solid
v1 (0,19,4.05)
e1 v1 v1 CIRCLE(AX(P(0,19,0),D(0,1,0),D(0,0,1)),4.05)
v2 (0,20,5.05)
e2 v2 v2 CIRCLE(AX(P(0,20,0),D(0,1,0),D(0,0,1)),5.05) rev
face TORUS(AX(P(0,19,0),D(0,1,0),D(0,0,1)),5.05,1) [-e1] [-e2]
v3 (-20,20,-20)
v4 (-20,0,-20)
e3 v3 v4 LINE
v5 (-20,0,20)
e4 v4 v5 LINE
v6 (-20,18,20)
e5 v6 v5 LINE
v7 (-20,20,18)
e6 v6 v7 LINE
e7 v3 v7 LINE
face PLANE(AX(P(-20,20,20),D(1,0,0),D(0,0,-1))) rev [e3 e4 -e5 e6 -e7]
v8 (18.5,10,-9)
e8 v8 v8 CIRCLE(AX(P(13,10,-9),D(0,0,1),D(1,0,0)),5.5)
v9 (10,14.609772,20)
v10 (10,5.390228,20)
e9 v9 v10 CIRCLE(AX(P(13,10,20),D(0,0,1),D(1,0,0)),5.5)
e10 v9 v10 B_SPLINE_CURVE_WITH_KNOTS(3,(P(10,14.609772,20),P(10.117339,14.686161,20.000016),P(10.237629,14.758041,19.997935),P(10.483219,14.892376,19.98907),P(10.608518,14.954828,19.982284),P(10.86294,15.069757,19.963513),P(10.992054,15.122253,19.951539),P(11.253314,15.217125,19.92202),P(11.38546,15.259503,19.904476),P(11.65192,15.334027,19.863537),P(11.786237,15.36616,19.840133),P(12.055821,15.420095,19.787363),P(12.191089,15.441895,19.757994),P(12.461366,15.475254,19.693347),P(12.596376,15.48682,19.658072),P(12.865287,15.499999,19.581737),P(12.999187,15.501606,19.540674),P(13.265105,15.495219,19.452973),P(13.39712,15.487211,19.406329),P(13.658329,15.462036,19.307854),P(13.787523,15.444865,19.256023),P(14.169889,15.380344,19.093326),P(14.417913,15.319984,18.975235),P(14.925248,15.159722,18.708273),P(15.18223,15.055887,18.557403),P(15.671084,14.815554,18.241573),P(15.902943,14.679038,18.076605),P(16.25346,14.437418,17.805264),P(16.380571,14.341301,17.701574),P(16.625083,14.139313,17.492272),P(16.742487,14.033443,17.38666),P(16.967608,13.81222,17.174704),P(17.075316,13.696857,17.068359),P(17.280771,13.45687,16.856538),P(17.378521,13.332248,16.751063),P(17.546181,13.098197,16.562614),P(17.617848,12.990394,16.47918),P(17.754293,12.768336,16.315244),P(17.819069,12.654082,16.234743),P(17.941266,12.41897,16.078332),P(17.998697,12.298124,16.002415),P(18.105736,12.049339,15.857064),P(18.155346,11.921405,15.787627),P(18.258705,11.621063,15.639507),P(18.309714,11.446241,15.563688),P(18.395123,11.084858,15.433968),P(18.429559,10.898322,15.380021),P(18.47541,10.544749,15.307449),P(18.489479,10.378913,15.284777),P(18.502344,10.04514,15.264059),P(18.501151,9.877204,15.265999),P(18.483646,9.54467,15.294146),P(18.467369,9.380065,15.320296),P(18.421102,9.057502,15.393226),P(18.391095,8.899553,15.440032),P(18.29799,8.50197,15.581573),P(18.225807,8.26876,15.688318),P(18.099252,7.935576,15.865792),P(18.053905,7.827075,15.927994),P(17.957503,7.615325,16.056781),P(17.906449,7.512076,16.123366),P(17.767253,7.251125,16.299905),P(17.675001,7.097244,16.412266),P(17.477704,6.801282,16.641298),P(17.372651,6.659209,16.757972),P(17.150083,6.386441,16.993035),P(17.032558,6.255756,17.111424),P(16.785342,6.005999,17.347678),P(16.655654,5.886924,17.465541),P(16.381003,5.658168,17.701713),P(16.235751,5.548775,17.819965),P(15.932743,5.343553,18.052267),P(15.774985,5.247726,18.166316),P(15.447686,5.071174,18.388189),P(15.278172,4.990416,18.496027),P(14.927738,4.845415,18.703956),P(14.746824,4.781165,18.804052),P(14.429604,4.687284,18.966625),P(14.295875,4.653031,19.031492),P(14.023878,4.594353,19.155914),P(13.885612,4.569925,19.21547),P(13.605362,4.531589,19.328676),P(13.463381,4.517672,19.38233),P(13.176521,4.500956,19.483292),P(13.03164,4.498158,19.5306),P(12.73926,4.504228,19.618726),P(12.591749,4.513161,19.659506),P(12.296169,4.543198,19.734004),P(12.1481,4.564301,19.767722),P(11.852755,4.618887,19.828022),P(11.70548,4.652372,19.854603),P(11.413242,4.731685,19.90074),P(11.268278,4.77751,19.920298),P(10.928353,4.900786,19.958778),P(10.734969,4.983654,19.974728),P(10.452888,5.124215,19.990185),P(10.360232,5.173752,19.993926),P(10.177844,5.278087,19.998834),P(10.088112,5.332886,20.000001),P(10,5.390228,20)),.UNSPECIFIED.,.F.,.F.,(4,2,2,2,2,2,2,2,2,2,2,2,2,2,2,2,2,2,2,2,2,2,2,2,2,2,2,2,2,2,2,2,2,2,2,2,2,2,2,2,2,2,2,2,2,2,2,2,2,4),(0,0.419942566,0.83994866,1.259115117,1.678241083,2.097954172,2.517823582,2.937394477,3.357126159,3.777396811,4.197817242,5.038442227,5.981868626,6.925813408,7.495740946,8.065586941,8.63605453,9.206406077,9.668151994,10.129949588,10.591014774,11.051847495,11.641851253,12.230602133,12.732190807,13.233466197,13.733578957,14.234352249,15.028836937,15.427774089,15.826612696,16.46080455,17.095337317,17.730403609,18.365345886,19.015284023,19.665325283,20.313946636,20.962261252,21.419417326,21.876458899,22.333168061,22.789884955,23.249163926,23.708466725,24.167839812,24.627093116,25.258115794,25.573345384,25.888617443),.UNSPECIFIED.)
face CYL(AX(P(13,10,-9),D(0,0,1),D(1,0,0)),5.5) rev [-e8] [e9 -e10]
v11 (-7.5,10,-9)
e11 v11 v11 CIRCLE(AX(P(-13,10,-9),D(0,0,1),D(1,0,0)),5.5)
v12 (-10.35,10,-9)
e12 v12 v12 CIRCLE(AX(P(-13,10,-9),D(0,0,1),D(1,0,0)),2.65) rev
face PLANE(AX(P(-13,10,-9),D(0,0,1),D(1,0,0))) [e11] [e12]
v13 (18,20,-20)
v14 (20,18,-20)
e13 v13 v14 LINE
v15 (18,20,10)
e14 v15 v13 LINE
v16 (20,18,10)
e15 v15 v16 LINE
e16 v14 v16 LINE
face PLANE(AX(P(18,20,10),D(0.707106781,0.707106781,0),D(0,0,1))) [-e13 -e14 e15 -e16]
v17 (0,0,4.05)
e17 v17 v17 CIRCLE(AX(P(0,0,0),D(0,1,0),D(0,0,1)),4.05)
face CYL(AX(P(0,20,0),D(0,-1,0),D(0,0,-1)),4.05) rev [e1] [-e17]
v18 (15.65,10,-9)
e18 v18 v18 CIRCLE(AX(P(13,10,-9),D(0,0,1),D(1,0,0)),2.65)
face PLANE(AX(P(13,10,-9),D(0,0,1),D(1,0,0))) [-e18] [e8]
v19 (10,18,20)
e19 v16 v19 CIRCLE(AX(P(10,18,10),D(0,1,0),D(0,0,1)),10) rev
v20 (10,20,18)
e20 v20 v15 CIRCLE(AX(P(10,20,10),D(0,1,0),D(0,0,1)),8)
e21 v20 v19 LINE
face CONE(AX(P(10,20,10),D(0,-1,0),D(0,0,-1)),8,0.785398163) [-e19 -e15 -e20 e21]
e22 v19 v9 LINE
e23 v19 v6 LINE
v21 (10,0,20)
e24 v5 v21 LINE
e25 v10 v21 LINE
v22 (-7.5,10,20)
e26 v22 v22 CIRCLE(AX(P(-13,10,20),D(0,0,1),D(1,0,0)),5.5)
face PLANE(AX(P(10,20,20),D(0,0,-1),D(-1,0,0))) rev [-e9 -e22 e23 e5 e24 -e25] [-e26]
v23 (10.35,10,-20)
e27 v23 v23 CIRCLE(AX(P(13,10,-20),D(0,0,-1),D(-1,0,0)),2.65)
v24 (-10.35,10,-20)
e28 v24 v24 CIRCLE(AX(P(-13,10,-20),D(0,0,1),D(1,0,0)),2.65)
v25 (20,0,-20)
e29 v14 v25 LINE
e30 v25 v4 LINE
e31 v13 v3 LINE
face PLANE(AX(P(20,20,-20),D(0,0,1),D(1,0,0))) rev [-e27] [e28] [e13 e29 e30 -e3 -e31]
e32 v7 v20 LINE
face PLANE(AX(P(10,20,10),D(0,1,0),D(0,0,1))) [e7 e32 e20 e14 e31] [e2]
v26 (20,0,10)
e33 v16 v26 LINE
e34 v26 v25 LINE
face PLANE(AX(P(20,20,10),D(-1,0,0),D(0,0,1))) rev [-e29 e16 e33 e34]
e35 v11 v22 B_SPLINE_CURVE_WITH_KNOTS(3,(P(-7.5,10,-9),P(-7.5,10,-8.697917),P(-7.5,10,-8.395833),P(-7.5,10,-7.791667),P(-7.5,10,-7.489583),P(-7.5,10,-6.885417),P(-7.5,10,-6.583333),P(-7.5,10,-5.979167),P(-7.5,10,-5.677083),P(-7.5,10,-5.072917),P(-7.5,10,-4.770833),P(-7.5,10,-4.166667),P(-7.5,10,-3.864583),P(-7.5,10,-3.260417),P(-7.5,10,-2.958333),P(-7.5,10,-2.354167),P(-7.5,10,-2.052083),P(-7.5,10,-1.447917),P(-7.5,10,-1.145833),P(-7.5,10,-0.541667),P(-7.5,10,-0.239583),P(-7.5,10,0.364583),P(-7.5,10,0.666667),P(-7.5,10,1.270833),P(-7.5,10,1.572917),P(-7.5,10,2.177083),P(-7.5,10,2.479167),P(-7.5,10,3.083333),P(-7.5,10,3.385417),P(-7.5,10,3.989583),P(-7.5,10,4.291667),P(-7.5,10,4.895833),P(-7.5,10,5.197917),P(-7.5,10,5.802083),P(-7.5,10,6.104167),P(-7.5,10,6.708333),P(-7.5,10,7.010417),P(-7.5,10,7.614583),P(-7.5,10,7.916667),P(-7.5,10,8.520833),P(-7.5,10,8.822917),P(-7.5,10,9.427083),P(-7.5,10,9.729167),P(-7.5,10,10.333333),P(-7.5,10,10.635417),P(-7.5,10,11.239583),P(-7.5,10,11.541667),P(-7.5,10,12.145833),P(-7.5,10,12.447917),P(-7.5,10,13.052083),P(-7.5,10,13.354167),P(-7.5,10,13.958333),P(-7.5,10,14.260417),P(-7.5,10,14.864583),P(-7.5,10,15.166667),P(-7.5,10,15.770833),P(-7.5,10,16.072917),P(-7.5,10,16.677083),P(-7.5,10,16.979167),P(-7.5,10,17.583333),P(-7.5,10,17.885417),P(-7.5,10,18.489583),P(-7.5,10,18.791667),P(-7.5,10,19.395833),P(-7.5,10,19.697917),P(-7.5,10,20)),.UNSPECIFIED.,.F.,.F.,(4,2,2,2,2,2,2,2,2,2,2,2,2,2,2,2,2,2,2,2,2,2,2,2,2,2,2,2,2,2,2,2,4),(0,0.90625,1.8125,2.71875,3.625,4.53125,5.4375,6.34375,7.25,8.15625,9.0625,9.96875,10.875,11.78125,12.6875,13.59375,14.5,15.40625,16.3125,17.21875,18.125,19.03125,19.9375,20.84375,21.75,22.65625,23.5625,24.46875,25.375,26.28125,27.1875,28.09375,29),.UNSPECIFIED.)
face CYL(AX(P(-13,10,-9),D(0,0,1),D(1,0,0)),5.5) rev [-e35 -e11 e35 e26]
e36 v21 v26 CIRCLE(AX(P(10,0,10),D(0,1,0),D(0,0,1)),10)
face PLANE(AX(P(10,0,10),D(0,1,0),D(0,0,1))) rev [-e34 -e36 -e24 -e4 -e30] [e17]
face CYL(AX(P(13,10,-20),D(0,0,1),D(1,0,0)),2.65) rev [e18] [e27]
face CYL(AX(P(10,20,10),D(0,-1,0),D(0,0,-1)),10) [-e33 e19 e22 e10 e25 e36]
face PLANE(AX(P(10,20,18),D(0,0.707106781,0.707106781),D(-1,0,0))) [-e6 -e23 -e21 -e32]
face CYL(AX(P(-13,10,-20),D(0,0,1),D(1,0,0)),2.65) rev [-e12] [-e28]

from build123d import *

# Parameters (mm, degrees)
SKETCH1_R           = 4.05
BOSS_EXTRUDE1_DEPTH = 20
SKETCH3_R           = 2.65
CUT_EXTRUDE5_DEPTH  = 40
SKETCH6_R           = 5.5
CUT_EXTRUDE7_DEPTH  = 29
CHAMFER1_SIZE       = 2
FILLET1_R           = 1


with BuildPart() as part:
    # Sketch1 → Boss-Extrude1 (new body)
    with BuildSketch(Plane(origin=(0, 0, 0), x_dir=(1, 0, 0), z_dir=(0, 1, 0))):
        with BuildLine():
            Line((10, -20), (-20, -20))
            Line((-20, -20), (-20, 20))
            Line((-20, 20), (20, 20))
            Line((20, 20), (20, -10))
            ThreePointArc((20, -10), (17.071067812, -17.071067812), (10, -20))
        make_face()
        with Locations(Location((0, 0, 0), (0, 0, 270))):
            Circle(SKETCH1_R, mode=Mode.SUBTRACT)
    extrude(amount=BOSS_EXTRUDE1_DEPTH)

    # Sketch3 → Cut-Extrude5 (cut)
    with BuildSketch(Plane.XY.offset(20)):
        with Locations((-13, 10)):
            Circle(SKETCH3_R)
        with Locations((13, 10)):
            Circle(SKETCH3_R)
    extrude(amount=-CUT_EXTRUDE5_DEPTH, mode=Mode.SUBTRACT)

    # Sketch6 → Cut-Extrude7 (cut)
    with BuildSketch(Plane.XY.offset(20)):
        with Locations((-13, 10)):
            Circle(SKETCH6_R)
        with Locations((13, 10)):
            Circle(SKETCH6_R)
    extrude(amount=-CUT_EXTRUDE7_DEPTH, mode=Mode.SUBTRACT)

    # Chamfer1
    chamfer1_edges = [part.edges().sort_by_distance(p)[0] for p in [
        (17.071067812, 20, 17.071067812),
        (20, 20, -5),
        (-5, 20, 20),
    ]]
    chamfer(chamfer1_edges, length=CHAMFER1_SIZE)

    # Fillet1
    fillet1_edges = [part.edges().sort_by_distance(p)[0] for p in [
        (0, 20, -4.05),
    ]]
    fillet(fillet1_edges, radius=FILLET1_R)


solid = part.part
